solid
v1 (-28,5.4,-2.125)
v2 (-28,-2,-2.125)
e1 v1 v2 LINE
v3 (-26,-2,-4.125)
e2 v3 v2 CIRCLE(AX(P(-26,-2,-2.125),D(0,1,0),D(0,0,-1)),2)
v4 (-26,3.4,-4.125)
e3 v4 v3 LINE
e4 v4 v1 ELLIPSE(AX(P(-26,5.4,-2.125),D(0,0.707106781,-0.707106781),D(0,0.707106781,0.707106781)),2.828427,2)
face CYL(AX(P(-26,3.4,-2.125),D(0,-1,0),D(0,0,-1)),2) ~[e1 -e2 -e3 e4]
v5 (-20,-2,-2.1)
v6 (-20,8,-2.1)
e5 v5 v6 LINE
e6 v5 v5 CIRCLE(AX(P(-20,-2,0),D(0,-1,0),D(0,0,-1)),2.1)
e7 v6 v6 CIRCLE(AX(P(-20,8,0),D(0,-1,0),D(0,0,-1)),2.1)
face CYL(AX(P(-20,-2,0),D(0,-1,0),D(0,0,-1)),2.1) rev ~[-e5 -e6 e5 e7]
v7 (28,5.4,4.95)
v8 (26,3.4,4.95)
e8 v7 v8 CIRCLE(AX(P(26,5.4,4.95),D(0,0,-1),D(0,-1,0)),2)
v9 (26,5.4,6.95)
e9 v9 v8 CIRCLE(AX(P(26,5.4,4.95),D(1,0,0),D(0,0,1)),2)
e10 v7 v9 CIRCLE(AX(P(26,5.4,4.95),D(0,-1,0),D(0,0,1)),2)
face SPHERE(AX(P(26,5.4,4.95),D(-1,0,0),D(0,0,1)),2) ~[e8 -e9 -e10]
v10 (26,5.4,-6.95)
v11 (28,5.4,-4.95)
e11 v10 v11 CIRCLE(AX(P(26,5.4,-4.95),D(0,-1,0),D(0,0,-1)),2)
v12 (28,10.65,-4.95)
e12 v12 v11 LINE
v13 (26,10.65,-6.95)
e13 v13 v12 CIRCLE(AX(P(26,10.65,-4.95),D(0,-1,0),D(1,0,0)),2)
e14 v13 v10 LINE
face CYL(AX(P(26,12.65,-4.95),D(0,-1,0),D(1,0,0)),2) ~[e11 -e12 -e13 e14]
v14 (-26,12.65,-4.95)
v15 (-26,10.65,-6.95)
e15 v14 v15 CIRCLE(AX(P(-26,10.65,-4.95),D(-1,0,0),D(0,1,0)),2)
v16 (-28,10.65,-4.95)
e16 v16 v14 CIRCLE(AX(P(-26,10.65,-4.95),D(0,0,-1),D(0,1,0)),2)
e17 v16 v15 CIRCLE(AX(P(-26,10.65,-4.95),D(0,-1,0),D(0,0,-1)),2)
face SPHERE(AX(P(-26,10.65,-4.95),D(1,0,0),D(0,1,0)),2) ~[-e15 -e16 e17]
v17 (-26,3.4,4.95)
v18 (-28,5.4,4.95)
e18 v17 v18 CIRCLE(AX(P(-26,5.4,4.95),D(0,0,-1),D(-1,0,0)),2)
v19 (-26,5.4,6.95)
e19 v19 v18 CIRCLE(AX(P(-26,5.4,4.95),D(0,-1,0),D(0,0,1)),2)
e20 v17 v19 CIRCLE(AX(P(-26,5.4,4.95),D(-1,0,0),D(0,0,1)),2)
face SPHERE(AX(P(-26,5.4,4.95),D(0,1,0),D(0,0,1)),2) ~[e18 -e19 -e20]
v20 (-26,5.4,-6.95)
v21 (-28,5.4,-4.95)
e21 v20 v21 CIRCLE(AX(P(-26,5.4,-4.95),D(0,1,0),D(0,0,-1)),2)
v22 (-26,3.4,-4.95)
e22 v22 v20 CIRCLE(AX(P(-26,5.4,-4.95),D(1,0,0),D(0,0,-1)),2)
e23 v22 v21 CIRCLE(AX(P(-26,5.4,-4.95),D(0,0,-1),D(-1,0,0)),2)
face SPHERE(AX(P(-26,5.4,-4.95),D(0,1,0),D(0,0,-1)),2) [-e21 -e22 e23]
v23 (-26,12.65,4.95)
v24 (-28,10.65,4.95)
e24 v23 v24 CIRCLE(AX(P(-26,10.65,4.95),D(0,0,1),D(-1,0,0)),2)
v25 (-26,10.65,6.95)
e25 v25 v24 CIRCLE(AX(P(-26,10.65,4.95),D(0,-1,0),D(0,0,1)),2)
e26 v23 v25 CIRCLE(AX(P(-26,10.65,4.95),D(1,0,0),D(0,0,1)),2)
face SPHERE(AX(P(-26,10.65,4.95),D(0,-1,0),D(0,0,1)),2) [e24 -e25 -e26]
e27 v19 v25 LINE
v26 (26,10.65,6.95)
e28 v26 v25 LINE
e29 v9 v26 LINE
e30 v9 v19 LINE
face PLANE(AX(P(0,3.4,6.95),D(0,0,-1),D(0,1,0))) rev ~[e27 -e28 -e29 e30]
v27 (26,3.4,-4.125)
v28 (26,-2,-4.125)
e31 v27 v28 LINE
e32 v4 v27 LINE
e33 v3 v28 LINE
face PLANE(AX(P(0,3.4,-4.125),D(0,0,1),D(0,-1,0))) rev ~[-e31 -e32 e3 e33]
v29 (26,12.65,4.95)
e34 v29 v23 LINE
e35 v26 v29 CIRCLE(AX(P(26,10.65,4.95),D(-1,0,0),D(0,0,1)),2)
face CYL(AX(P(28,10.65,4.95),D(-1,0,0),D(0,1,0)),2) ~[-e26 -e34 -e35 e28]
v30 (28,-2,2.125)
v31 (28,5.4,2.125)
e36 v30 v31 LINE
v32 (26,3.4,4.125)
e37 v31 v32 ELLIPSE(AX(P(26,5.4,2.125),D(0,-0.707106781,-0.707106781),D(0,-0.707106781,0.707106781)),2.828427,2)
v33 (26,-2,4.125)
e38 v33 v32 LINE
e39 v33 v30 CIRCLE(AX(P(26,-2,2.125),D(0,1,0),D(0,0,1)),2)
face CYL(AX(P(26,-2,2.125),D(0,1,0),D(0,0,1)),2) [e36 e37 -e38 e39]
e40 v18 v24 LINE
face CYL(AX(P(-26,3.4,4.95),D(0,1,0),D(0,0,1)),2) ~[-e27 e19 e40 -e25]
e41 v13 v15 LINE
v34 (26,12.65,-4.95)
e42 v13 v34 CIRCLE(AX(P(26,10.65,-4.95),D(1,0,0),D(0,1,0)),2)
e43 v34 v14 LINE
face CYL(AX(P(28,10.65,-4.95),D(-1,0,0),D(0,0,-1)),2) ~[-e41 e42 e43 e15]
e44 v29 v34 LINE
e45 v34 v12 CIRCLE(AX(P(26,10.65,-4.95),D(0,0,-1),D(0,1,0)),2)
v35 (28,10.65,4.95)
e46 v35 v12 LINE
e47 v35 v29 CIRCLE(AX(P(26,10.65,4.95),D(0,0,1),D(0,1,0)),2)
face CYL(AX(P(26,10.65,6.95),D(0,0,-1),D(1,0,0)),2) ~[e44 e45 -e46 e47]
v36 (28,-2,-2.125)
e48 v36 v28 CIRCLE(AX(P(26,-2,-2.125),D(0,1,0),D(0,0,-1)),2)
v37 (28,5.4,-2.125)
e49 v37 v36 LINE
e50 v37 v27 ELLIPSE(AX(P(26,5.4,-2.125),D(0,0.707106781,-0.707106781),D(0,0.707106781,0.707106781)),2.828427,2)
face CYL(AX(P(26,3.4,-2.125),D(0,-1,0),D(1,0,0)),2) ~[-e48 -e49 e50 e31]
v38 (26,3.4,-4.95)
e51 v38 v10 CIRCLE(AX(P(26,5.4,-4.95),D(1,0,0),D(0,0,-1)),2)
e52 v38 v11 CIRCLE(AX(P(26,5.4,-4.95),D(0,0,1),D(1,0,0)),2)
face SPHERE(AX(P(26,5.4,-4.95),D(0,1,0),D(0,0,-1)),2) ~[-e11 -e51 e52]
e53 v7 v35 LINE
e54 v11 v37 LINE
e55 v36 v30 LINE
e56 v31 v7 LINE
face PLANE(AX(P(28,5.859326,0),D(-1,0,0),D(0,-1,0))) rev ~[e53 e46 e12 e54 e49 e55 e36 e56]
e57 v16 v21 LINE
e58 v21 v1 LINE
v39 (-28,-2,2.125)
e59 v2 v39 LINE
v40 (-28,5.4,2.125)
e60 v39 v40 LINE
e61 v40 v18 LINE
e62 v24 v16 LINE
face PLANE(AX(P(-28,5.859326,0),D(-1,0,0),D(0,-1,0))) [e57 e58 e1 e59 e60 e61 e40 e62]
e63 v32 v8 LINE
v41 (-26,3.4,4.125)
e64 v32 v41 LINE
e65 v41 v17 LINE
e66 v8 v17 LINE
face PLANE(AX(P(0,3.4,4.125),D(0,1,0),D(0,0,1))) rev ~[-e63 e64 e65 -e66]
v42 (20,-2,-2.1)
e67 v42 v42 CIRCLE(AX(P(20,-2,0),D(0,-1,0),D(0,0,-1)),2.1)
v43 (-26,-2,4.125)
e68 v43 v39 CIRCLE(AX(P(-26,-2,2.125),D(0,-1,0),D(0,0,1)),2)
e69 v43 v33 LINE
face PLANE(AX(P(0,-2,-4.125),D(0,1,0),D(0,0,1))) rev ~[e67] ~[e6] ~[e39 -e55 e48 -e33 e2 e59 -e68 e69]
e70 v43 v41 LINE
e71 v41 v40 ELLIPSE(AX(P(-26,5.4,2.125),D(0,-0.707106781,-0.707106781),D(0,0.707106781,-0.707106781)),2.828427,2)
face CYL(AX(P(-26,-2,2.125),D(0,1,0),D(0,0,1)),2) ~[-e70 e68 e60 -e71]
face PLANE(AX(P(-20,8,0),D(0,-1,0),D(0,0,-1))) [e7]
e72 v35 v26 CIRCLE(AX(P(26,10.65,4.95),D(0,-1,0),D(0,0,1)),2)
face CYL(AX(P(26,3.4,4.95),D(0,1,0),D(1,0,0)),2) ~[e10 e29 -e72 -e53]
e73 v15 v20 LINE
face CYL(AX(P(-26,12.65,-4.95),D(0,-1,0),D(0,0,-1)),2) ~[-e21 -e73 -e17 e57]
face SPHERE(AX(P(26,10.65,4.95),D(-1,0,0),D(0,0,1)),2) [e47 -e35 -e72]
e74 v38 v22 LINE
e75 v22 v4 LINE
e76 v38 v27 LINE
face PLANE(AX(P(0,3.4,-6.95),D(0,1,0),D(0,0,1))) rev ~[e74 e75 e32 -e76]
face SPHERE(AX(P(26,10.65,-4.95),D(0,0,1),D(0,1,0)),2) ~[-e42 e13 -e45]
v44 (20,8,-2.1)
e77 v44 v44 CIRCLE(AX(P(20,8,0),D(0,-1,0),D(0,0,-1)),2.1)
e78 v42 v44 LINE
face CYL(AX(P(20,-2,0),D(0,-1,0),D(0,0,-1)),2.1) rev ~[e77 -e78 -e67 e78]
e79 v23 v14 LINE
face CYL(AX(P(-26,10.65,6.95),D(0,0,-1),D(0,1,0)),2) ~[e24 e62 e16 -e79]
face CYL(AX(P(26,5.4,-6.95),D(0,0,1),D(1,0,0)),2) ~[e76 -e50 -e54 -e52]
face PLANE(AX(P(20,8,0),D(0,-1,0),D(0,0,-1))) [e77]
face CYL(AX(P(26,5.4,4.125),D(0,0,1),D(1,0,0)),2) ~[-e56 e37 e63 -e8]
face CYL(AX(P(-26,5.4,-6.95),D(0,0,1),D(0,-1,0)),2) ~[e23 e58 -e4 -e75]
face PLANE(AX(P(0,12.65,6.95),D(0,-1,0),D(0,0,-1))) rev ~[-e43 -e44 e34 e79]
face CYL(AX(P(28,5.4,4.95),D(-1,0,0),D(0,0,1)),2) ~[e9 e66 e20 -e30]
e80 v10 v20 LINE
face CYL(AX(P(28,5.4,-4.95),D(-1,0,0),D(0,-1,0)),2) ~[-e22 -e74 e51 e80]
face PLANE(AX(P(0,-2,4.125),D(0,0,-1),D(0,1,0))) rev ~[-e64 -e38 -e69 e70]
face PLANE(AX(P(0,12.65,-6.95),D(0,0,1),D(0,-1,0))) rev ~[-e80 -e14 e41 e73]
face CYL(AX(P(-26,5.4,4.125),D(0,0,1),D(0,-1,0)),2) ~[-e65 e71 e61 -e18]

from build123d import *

# Parameters (mm, degrees)
PAD_DEPTH       = 28
FILLET_R        = 2
SKETCH003_R     = 2.1
POCKET001_DEPTH = 10


with BuildPart() as part:
    # Sketch → Pad (new body, symmetric)
    with BuildSketch(Plane.YZ):
        Polygon((-2, 4.125), (3.4, 4.125), (3.4, 6.95), (12.65, 6.95), (12.65, -6.95), (3.4, -6.95), (3.4, -4.125), (-2, -4.125), align=None)
    extrude(amount=PAD_DEPTH, both=True)

    # Fillet
    fillet_edges = [part.edges().sort_by_distance(p)[0] for p in [
        (-28, 8.025, 6.95),
        (0, 3.4, 6.95),
        (0, 12.65, 6.95),
        (28, 8.025, 6.95),
        (28, 12.65, 0),
        (0, 12.65, -6.95),
        (-28, 12.65, 0),
        (-28, 8.025, -6.95),
        (28, 8.025, -6.95),
        (0, 3.4, -6.95),
        (28, 3.4, -5.5375),
        (28, 3.4, 5.5375),
        (-28, 3.4, -5.5375),
        (-28, 0.7, -4.125),
        (28, 0.7, -4.125),
        (28, 0.7, 4.125),
        (-28, 0.7, 4.125),
        (-28, 3.4, 5.5375),
    ]]
    fillet(fillet_edges, radius=FILLET_R)

    # Sketch003 (on Face2 of Fillet) → Pocket001 (cut)
    with BuildSketch(Plane(origin=(0, -2, 0), x_dir=(0, 0, -1), z_dir=(0, -1, 0))):
        with Locations((0, 20)):
            Circle(SKETCH003_R)
        with Locations((0, -20)):
            Circle(SKETCH003_R)
    extrude(amount=-POCKET001_DEPTH, mode=Mode.SUBTRACT)


solid = part.part
